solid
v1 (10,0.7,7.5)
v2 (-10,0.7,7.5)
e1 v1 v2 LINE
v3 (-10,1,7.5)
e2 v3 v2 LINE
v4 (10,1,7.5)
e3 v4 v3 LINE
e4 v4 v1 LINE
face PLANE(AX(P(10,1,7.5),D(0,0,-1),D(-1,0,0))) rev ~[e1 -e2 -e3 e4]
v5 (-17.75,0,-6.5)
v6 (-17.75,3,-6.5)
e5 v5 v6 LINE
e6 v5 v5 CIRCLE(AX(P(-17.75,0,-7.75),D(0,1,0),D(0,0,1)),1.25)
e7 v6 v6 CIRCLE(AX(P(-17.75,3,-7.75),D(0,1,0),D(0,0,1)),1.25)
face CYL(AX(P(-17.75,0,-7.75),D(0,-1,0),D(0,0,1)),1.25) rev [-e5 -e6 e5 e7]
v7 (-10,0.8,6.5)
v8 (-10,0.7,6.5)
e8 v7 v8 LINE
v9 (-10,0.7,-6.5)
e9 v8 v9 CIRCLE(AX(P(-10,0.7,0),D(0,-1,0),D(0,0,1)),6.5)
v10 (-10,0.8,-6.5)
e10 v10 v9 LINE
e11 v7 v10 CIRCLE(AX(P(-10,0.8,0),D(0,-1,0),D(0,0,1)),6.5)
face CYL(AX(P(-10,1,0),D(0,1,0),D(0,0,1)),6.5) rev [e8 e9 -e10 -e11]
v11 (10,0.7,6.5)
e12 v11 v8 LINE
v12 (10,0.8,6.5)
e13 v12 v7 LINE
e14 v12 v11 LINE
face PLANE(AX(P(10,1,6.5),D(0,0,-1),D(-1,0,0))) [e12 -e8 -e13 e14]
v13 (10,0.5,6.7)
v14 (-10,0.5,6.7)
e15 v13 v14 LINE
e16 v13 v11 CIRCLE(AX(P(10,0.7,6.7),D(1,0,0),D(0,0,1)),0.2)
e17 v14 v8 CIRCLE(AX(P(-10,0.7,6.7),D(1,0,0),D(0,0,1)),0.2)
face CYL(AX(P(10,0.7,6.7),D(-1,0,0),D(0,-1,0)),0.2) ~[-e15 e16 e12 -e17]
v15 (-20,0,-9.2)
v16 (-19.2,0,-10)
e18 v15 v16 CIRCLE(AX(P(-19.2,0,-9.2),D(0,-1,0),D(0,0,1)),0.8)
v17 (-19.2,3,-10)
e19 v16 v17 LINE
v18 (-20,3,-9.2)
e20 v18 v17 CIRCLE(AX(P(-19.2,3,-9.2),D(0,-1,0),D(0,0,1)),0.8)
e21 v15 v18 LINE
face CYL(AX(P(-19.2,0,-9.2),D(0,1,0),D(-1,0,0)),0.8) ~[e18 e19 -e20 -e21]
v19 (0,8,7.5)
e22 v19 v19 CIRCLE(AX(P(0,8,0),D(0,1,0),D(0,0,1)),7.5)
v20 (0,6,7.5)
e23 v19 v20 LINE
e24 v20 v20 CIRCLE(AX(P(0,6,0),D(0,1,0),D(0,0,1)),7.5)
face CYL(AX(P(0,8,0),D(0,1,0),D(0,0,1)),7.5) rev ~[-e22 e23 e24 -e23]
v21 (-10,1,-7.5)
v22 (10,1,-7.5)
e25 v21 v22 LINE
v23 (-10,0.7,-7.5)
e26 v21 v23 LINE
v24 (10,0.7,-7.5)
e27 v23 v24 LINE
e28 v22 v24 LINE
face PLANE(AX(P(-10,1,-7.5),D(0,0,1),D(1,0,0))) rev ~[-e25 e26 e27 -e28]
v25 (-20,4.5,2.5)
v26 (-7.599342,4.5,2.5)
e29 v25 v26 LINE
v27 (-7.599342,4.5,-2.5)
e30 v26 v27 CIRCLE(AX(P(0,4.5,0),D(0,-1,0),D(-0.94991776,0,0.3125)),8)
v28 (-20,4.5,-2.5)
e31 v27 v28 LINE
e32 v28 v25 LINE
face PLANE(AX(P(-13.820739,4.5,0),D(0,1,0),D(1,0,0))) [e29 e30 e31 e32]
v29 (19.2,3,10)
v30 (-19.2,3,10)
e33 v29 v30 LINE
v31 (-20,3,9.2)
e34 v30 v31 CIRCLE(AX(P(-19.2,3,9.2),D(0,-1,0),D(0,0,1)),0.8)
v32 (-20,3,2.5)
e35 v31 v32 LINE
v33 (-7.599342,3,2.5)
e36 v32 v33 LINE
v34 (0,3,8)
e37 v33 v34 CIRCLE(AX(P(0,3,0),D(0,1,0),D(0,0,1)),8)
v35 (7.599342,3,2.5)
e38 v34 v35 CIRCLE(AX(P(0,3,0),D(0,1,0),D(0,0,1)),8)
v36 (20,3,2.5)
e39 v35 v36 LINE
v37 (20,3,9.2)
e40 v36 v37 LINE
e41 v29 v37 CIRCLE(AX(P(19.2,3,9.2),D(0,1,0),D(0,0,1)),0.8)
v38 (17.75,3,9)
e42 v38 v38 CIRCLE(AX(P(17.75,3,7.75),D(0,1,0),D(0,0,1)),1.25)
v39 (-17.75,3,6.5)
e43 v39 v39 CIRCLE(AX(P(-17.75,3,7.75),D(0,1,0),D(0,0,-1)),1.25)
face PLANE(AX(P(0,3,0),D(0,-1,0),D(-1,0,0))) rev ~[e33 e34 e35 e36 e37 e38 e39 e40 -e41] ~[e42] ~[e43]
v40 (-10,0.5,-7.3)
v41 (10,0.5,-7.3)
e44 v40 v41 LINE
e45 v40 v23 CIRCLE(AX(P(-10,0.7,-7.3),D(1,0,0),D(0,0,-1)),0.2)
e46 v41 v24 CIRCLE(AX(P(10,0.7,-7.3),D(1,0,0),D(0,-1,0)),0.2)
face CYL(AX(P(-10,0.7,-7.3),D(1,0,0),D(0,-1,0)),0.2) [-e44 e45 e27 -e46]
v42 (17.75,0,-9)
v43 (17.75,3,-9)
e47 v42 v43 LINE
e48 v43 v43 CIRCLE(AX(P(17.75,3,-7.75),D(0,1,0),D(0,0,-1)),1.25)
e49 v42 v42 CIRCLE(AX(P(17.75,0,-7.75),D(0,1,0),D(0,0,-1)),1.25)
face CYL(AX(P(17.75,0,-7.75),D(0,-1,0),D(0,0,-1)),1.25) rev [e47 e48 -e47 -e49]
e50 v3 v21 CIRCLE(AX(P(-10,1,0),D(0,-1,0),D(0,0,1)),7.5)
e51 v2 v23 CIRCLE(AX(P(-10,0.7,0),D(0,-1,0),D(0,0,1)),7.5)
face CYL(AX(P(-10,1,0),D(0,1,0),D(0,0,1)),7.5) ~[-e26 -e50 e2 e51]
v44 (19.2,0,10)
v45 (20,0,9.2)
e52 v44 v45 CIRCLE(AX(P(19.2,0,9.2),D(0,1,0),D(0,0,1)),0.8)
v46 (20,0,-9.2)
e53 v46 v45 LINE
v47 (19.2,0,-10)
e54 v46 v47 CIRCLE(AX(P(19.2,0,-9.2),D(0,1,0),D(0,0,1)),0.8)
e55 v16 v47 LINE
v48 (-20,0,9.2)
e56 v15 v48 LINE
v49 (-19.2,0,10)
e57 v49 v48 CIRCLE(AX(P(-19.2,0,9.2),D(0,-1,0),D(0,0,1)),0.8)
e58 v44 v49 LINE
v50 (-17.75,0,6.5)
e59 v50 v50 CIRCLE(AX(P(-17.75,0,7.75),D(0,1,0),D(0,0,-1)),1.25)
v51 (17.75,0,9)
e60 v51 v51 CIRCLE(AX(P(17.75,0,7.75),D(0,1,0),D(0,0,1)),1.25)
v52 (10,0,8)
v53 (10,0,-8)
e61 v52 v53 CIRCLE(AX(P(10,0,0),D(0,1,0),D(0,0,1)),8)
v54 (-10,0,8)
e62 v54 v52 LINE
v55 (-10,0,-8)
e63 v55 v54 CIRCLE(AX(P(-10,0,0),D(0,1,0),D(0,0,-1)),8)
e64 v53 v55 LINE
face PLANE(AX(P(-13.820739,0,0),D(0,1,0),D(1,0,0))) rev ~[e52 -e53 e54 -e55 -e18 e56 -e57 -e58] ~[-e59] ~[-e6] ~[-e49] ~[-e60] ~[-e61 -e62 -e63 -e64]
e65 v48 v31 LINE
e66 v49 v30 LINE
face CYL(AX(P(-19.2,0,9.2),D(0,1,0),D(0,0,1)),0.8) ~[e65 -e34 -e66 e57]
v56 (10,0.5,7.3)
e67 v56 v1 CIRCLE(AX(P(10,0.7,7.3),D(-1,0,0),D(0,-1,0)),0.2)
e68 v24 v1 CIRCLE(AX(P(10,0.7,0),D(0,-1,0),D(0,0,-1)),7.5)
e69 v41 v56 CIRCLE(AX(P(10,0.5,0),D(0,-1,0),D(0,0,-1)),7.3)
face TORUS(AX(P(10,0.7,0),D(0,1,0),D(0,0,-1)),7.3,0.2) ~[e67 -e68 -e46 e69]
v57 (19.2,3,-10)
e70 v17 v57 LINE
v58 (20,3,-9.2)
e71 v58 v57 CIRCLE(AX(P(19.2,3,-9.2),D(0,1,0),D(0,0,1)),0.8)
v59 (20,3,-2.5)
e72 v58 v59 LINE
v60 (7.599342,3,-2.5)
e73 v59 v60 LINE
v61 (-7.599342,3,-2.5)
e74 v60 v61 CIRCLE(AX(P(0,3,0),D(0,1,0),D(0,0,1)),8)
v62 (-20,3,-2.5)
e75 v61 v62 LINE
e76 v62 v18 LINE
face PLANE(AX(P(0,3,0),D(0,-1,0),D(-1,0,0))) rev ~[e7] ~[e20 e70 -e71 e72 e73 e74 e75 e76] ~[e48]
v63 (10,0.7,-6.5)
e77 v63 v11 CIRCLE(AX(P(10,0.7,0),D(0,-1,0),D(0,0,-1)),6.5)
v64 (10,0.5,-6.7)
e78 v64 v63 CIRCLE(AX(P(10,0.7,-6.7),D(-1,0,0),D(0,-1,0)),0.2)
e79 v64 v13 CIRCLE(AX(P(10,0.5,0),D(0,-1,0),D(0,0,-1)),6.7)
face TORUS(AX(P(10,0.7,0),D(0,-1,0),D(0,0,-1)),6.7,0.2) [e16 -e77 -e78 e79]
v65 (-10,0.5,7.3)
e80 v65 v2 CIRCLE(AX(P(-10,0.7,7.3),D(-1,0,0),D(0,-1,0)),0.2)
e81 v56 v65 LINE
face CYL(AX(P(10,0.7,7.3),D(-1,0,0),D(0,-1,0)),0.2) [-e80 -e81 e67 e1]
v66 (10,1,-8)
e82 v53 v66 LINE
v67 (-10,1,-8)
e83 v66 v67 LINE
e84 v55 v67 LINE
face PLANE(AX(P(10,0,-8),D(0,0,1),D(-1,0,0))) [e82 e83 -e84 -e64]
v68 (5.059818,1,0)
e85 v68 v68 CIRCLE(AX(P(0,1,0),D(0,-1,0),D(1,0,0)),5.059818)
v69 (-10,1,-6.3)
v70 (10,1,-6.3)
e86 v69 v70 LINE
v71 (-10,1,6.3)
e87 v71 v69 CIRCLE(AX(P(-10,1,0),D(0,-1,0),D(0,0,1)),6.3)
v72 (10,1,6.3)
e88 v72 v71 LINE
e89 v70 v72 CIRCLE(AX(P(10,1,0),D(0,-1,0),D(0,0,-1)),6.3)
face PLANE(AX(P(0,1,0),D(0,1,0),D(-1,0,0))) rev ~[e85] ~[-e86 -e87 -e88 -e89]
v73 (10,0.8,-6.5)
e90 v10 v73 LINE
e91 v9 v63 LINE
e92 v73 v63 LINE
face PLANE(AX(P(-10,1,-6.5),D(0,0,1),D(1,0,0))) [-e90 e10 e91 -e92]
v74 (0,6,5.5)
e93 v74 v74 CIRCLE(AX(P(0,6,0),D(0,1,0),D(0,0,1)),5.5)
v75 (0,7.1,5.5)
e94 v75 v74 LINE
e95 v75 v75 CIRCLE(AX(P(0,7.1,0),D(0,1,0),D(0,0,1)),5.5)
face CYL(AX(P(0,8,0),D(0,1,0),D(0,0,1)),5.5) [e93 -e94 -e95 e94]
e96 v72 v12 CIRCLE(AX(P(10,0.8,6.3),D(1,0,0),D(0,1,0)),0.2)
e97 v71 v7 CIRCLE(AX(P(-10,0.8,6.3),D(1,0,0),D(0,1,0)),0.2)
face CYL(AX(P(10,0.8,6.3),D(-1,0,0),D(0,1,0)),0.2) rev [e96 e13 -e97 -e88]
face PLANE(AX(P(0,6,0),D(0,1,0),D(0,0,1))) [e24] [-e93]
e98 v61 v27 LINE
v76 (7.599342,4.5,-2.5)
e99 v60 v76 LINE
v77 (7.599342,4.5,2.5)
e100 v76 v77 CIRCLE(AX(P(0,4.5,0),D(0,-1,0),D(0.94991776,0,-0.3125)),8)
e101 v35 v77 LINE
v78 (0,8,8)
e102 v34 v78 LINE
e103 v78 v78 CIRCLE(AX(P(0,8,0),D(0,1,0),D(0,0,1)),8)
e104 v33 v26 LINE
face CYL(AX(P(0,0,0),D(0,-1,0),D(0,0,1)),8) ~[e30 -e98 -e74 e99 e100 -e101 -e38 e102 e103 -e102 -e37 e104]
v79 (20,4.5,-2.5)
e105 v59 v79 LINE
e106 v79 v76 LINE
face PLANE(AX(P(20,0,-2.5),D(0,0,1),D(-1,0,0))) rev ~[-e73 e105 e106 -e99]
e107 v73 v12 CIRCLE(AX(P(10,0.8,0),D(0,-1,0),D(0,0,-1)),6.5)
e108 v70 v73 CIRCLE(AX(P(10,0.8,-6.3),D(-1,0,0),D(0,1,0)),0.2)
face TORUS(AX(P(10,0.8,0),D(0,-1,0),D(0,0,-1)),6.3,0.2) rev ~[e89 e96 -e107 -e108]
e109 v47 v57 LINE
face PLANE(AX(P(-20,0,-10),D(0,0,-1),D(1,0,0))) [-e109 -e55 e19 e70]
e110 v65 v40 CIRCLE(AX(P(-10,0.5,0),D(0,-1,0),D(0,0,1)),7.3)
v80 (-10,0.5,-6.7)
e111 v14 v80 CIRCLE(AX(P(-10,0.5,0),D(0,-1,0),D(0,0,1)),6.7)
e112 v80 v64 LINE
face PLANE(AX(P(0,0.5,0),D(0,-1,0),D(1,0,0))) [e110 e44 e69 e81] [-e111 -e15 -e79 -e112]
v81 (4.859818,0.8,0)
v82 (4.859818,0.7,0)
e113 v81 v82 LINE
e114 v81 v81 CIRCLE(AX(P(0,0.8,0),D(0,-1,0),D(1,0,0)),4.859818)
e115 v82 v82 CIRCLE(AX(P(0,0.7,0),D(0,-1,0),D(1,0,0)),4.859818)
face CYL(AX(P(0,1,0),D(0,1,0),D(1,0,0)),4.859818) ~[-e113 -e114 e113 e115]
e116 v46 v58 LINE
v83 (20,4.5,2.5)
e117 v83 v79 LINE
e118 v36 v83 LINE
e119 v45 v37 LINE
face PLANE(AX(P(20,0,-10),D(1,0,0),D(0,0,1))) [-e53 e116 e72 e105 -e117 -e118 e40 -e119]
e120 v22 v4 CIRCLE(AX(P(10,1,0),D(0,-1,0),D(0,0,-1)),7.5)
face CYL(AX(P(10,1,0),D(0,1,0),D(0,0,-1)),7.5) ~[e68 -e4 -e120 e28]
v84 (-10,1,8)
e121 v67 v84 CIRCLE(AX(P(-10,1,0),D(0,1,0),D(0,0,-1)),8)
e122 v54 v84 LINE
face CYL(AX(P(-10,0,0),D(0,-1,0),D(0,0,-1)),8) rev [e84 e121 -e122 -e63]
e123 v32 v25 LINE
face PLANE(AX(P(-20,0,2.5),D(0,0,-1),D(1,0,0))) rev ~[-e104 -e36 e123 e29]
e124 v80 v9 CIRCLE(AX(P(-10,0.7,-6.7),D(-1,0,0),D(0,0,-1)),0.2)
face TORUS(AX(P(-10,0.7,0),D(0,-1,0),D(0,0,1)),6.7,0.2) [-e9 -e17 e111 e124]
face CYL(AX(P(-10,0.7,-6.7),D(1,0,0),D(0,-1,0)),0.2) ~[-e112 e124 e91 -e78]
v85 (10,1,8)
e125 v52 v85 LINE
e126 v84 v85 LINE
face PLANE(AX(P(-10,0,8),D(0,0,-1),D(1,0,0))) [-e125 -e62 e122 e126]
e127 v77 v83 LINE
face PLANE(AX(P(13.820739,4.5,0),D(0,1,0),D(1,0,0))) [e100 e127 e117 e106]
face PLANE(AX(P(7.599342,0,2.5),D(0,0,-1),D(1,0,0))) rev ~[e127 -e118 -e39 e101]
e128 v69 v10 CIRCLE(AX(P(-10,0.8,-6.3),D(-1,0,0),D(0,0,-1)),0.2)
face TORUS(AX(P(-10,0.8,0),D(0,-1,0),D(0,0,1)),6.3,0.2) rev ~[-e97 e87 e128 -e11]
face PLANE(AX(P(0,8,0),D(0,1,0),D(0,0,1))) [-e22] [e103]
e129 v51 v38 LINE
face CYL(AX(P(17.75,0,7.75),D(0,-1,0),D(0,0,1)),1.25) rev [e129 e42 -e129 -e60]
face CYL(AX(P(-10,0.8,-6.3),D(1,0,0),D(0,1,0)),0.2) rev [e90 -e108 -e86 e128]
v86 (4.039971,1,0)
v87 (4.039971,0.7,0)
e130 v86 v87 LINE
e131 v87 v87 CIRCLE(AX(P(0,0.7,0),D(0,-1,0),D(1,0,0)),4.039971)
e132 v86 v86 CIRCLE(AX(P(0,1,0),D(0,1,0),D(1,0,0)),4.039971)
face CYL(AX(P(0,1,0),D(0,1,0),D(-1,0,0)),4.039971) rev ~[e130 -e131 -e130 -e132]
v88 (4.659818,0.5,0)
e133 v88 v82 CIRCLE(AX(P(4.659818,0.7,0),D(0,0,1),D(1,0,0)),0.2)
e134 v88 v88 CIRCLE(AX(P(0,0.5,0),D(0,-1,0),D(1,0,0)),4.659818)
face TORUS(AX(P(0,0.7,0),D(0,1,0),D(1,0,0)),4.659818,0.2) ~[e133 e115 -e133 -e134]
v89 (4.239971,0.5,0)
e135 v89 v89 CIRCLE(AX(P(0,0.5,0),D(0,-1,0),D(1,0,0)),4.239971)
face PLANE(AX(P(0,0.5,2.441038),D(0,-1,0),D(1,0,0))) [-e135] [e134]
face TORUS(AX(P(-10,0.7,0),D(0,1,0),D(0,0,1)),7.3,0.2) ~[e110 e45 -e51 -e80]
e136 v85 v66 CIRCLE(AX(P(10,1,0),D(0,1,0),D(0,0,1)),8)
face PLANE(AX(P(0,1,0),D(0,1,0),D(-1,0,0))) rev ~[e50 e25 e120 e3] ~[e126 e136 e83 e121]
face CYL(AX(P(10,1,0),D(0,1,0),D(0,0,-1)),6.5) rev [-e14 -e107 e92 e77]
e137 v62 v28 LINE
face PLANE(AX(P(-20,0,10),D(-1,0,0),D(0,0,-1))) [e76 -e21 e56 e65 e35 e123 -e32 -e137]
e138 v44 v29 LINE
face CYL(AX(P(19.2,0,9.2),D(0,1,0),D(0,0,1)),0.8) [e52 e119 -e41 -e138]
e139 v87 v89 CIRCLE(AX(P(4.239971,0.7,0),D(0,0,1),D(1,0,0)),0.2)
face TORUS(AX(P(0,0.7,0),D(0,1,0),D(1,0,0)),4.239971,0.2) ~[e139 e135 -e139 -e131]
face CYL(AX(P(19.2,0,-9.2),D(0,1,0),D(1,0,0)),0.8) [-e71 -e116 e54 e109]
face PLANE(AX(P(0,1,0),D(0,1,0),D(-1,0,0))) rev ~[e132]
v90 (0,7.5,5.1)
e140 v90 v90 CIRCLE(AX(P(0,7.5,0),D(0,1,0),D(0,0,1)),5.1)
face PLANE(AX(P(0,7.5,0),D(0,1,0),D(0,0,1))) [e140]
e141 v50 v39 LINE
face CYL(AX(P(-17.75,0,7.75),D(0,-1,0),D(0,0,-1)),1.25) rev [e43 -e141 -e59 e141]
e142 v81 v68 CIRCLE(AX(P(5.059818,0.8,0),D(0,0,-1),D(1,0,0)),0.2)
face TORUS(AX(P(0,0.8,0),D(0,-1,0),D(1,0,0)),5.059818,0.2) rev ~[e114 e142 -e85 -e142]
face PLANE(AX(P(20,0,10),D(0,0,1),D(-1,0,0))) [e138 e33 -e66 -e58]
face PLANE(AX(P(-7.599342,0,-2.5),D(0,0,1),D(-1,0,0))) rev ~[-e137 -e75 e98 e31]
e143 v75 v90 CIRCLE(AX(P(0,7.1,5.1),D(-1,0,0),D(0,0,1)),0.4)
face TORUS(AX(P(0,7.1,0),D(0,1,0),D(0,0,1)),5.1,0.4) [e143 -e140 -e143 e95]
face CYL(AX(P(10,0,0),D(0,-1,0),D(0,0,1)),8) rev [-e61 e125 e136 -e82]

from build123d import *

# Parameters (mm, degrees)
SKETCH1_R           = 8
SKETCH1_R_2         = 1.2500000000000013
BOSS_EXTRUDE1_DEPTH = 3
SKETCH1_5_R         = 8
BOSS_EXTRUDE3_DEPTH = 8
BOSS_EXTRUDE4_DEPTH = 4.5
CUT_EXTRUDE1_DEPTH  = 1
BOSS_EXTRUDE5_DEPTH = 0.5
FILLET1_R           = 0.2
FILLET2_R           = 0.8
SKETCH4_R           = 7.5
SKETCH4_R_2         = 5.5
CUT_EXTRUDE2_DEPTH  = 2
SKETCH4_2_R         = 5.5
CUT_EXTRUDE3_DEPTH  = 0.5
FILLET3_R           = 0.4


with BuildPart() as part:
    # Sketch1 → Boss-Extrude1 (new body)
    with BuildSketch(Plane(origin=(0, 0, 0), x_dir=(1, 0, 0), z_dir=(0, 1, 0))):
        Polygon((-20, 10), (20, 9.999999999999996), (20, -10), (-20, -10), align=None)
        with Locations(Location((0, 0, 0), (0, 0, 270))):
            Circle(SKETCH1_R, mode=Mode.SUBTRACT)
        with Locations(Location((-17.750000000000004, 7.750000000000002, 0), (0, 0, 270))):
            Circle(SKETCH1_R_2, mode=Mode.SUBTRACT)
        with Locations(Location((-17.750000000000004, -7.750000000000002, 0), (0, 0, 90))):
            Circle(SKETCH1_R_2, mode=Mode.SUBTRACT)
        with Locations(Location((17.750000000000004, -7.750000000000002, 0), (0, 0, 270))):
            Circle(SKETCH1_R_2, mode=Mode.SUBTRACT)
        with Locations(Location((17.750000000000004, 7.750000000000002, 0), (0, 0, 90))):
            Circle(SKETCH1_R_2, mode=Mode.SUBTRACT)
    extrude(amount=BOSS_EXTRUDE1_DEPTH)

    # Sketch1<5> → Boss-Extrude3 (add)
    with BuildSketch(Plane(origin=(0, 0, 0), x_dir=(1, 0, 0), z_dir=(0, 1, 0))):
        with Locations(Location((0, 0, 0), (0, 0, 270))):
            Circle(SKETCH1_5_R)
        with BuildLine():
            Line((7.599342076785447, -2.499999999999998), (-7.599342076785446, -2.499999999999998))
            ThreePointArc((-7.599342076785395, -2.499999999999809), (-1.47e-15, -8), (7.599342076785395, -2.4999999999998086))
        make_face()
        with BuildLine():
            ThreePointArc((7.599342076785394, 2.4999999999998113), (4.9e-16, 8), (-7.599342076785393, 2.4999999999998144))
            Line((-7.599342076785444, 2.500000000000002), (7.599342076785447, 2.500000000000002))
        make_face()
    extrude(amount=BOSS_EXTRUDE3_DEPTH)

    # Sketch1<6> → Boss-Extrude4 (add)
    with BuildSketch(Plane(origin=(0, 0, 0), x_dir=(1, 0, 0), z_dir=(0, 1, 0))):
        with BuildLine():
            Line((-7.599342076785444, 2.500000000000002), (-20, 2.500000000000002))
            Line((-20, 2.5000000000000018), (-20, -2.4999999999999982))
            Line((-20, -2.499999999999998), (-7.599342076785446, -2.499999999999998))
            ThreePointArc((-7.599342076785395, -2.499999999999809), (-8, 9.8e-16), (-7.599342076785393, 2.4999999999998144))
        make_face()
        with BuildLine():
            Line((20, -2.4999999999999982), (20, 2.5000000000000018))
            Line((20, 2.500000000000002), (7.599342076785447, 2.500000000000002))
            ThreePointArc((7.599342076785394, 2.4999999999998113), (7.899200485311256, 1.265950904600342), (8, 0))
            ThreePointArc((8, -1.96e-15), (7.899200485311256, -1.2659509046003417), (7.599342076785395, -2.4999999999998086))
            Line((7.599342076785447, -2.499999999999998), (20, -2.499999999999998))
        make_face()
    extrude(amount=BOSS_EXTRUDE4_DEPTH)

    # Sketch2 → Cut-Extrude1 (cut)
    with BuildSketch(Plane.XZ):
        with BuildLine():
            Line((-10, 8), (10, 8))
            ThreePointArc((10, 8), (18, 0), (10, -8))
            Line((10, -8), (-10, -8))
            ThreePointArc((-10, -8), (-18, 9.8e-16), (-10, 8))
        make_face()
    extrude(amount=-CUT_EXTRUDE1_DEPTH, mode=Mode.SUBTRACT)

    # Sketch3 → Boss-Extrude5 (add)
    # profile 1 of 5: a face of its own
    with BuildSketch(Plane.XZ.offset(-1)):
        with BuildLine():
            Line((-10.000000000000002, -7.5), (9.999999999999998, -7.500000000000003))
            ThreePointArc((9.999999999999998, -7.500000000000003), (17.500000000000004, 0), (9.999999999999998, 7.500000000000003))
            Line((9.999999999999998, 7.500000000000003), (-10.000000000000002, 7.5))
            ThreePointArc((-10.000000000000002, 7.5), (-17.5, 9.2e-16), (-10.000000000000002, -7.5))
        make_face()
        with BuildLine():
            ThreePointArc((-10.000000000000002, 6.5), (-16.5, 8e-16), (-10.000000000000002, -6.5))
            Line((-10.000000000000002, -6.5), (9.999999999999998, -6.5))
            ThreePointArc((9.999999999999998, -6.5), (16.5, 0), (9.999999999999998, 6.5))
            Line((9.999999999999998, 6.5), (-10.000000000000002, 6.5))
        make_face(mode=Mode.SUBTRACT)
    # profile 2 of 5: a face of its own
    with BuildSketch(Plane.XZ.offset(-1)):
        with BuildLine():
            ThreePointArc((-4.039971044607726, 4.9e-16), (2.5e-16, 4.039971044607726), (4.039971044607726, 0))
            Line((4.039971044607725, 0), (4.859818377030173, 0))
            ThreePointArc((4.859818377030172, 0), (3e-16, 4.859818377030172), (-4.859818377030172, 6e-16))
            Line((-4.859818377030172, 0), (-4.039971044607726, 0))
        make_face()
    # profile 3 of 5: a face of its own
    with BuildSketch(Plane.XZ.offset(-1)):
        with BuildLine():
            Line((4.859818377030173, 0), (4.039971044607725, 0))
            ThreePointArc((4.039971044607726, -9.9e-16), (-7.4e-16, -4.039971044607726), (-4.039971044607726, 4.9e-16))
            Line((-4.039971044607726, 0), (-4.859818377030172, 0))
            ThreePointArc((-4.859818377030172, 6e-16), (-8.9e-16, -4.859818377030172), (4.859818377030172, -1.19e-15))
        make_face()
    # profile 4 of 5: a face of its own
    with BuildSketch(Plane.XZ.offset(-1)):
        with BuildLine():
            ThreePointArc((-4.039971044607726, 4.9e-16), (2.5e-16, 4.039971044607726), (4.039971044607726, 0))
            Line((4.039971044607725, 0), (4.859818377030173, 0))
            ThreePointArc((4.859818377030172, 0), (3e-16, 4.859818377030172), (-4.859818377030172, 6e-16))
            Line((-4.859818377030172, 0), (-4.039971044607726, 0))
        make_face()
    # profile 5 of 5: a face of its own
    with BuildSketch(Plane.XZ.offset(-1)):
        with BuildLine():
            Line((4.859818377030173, 0), (4.039971044607725, 0))
            ThreePointArc((4.039971044607726, -9.9e-16), (-7.4e-16, -4.039971044607726), (-4.039971044607726, 4.9e-16))
            Line((-4.039971044607726, 0), (-4.859818377030172, 0))
            ThreePointArc((-4.859818377030172, 6e-16), (-8.9e-16, -4.859818377030172), (4.859818377030172, -1.19e-15))
        make_face()
    extrude(amount=BOSS_EXTRUDE5_DEPTH)

    # Fillet1
    fillet1_edges = [part.edges().sort_by_distance(p)[0] for p in [
        (-1.78e-15, 0.5, 7.500000000000002),
        (-16.5, 0.5, 6e-17),
        (-1.78e-15, 1, 6.5),
        (16.5, 0.5, -7.3e-16),
        (-1.78e-15, 0.5, -6.5),
        (-1.78e-15, 0.5, 6.5),
        (-1.78e-15, 0.5, -7.500000000000002),
        (17.500000000000004, 0.5, -5.7e-16),
        (-17.5, 0.5, 7.9e-16),
        (-16.5, 1, 6e-17),
        (-1.78e-15, 1, -6.5),
        (16.5, 1, -7.3e-16),
        (-4.039971044607727, 0.5, 4.9e-16),
        (-4.859818377030172, 1, 6e-16),
        (-4.859818377030172, 0.5, 6e-16),
    ]]
    fillet(fillet1_edges, radius=FILLET1_R)

    # Fillet2
    fillet2_edges = [part.edges().sort_by_distance(p)[0] for p in [
        (-20, 1.5, 10),
        (-20, 1.5, -10),
        (20, 1.5, -9.999999999999996),
        (20, 1.5, 10),
    ]]
    fillet(fillet2_edges, radius=FILLET2_R)

    # Sketch4 → Cut-Extrude2 (cut)
    with BuildSketch(Plane(origin=(0, 8, 0), x_dir=(1, 0, 0), z_dir=(0, 1, 0))):
        with Locations(Location((0, 0, 0), (0, 0, 270))):
            Circle(SKETCH4_R)
        with Locations(Location((0, 0, 0), (0, 0, 270))):
            Circle(SKETCH4_R_2, mode=Mode.SUBTRACT)
    extrude(amount=-CUT_EXTRUDE2_DEPTH, mode=Mode.SUBTRACT)

    # Sketch4<2> → Cut-Extrude3 (cut)
    with BuildSketch(Plane(origin=(0, 8, 0), x_dir=(1, 0, 0), z_dir=(0, 1, 0))):
        with Locations(Location((0, 0, 0), (0, 0, 270))):
            Circle(SKETCH4_2_R)
    extrude(amount=-CUT_EXTRUDE3_DEPTH, mode=Mode.SUBTRACT)

    # Fillet3
    fillet3_edges = [part.edges().sort_by_distance(p)[0] for p in [
        (4.13e-15, 7.5, -5.5),
    ]]
    fillet(fillet3_edges, radius=FILLET3_R)


solid = part.part
